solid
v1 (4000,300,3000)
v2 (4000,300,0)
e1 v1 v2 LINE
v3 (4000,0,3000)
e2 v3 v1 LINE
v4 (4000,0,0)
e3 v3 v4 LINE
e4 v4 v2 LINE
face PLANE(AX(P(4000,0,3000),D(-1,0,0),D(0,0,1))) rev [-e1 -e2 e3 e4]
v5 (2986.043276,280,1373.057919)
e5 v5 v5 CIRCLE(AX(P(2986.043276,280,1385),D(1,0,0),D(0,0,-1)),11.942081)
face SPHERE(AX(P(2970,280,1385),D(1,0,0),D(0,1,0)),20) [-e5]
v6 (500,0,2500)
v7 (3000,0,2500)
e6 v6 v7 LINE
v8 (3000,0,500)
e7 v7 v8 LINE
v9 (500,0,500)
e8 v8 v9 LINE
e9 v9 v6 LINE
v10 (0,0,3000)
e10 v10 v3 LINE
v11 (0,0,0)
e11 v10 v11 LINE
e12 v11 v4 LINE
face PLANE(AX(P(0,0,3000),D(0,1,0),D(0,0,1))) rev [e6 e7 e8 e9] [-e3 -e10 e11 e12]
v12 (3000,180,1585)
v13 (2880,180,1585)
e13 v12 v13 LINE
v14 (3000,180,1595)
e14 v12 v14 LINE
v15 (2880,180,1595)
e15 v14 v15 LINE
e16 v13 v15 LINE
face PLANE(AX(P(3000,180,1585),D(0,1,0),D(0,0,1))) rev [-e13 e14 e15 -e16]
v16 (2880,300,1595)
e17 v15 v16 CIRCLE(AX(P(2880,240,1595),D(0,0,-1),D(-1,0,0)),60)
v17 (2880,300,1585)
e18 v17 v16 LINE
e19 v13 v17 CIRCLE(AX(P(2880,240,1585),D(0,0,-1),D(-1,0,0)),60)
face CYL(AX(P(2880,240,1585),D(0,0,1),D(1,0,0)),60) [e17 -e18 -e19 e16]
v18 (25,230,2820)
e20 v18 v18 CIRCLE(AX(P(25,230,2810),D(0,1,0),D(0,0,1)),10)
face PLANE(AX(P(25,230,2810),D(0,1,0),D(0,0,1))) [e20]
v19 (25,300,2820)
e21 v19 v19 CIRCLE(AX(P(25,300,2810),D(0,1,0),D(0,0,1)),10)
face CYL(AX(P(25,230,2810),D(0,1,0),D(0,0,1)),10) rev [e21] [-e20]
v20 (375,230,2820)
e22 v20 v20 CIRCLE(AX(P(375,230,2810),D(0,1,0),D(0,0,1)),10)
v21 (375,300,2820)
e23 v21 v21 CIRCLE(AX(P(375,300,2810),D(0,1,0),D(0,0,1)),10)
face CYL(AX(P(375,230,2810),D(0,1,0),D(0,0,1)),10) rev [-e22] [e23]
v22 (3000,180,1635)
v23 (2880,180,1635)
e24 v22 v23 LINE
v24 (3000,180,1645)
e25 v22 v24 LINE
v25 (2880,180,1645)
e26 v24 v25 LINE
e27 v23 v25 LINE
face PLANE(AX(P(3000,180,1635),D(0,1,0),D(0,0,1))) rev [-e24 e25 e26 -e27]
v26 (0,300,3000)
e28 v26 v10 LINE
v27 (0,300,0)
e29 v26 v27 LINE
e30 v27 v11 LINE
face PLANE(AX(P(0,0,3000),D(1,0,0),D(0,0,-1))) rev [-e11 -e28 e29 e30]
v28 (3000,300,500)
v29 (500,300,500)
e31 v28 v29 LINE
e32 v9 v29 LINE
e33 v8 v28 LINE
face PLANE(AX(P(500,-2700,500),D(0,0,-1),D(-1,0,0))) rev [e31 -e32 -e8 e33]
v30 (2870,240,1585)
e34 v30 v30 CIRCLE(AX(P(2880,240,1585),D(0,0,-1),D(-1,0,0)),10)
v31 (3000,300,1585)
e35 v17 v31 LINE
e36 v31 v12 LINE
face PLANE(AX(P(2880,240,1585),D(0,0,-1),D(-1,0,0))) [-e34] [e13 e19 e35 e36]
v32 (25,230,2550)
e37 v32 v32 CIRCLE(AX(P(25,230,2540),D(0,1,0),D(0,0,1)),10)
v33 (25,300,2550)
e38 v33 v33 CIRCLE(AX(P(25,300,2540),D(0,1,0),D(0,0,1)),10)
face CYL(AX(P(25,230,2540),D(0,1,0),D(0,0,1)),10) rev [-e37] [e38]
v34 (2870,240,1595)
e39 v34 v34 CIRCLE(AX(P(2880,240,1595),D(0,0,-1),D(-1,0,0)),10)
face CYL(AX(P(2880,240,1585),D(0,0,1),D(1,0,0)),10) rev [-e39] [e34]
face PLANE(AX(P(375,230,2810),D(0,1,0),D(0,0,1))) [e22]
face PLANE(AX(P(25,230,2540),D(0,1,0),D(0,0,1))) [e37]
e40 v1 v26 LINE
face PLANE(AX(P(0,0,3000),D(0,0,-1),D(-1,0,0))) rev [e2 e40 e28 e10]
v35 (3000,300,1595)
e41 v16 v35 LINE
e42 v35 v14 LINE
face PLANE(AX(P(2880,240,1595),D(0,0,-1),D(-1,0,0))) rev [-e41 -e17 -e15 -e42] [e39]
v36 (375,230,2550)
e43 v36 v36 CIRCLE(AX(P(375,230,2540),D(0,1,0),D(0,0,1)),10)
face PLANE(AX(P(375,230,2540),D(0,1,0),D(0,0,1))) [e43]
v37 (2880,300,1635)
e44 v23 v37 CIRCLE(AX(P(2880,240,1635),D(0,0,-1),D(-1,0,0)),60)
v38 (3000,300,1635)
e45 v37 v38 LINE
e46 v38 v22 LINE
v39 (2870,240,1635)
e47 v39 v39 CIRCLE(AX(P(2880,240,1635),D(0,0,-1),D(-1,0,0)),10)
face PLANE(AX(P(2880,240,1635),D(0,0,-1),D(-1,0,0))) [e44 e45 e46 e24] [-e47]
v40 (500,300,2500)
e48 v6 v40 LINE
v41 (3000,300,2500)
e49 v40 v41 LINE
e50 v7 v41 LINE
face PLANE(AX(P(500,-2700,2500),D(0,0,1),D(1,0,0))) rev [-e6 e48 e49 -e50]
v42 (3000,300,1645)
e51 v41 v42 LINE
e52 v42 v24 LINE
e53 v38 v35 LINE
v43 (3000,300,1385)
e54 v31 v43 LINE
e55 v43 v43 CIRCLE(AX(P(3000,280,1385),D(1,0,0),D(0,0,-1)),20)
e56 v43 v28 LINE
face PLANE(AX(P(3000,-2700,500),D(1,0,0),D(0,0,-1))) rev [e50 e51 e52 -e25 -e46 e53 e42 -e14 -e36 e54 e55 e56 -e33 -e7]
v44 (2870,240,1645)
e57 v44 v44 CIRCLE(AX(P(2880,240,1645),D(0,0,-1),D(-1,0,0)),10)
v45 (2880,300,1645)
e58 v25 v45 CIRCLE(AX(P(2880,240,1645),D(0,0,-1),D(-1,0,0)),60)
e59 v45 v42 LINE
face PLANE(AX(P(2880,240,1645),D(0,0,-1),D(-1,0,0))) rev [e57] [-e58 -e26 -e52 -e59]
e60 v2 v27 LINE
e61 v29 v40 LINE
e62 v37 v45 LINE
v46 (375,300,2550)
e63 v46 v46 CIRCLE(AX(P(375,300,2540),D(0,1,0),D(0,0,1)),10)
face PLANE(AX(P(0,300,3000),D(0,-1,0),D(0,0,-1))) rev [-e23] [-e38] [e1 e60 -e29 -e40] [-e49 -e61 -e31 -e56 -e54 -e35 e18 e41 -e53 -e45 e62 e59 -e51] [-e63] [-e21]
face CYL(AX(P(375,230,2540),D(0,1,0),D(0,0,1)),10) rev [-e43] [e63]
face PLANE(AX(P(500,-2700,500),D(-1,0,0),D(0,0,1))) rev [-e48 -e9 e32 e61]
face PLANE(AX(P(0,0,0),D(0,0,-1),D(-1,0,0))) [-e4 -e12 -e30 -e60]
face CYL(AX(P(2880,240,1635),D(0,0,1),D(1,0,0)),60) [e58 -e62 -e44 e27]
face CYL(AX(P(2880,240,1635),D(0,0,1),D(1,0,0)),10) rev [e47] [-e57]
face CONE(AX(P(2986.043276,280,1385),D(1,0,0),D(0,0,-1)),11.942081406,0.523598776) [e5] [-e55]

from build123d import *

# Parameters (mm, degrees)
SKETCH1_W           = 4000
SKETCH1_H           = 300
BOSS_EXTRUDE1_DEPTH = 3000
SKETCH3_W           = 2500
SKETCH3_H           = 2000
CUT_EXTRUDE1_DEPTH  = 3000
SKETCH6_R           = 10
BOSS_EXTRUDE2_DEPTH = 10
SKETCH7_R           = 10
BOSS_EXTRUDE3_DEPTH = 10
SKETCH9_R           = 10
CUT_EXTRUDE2_DEPTH  = 70


with BuildPart() as part:
    # Sketch1 → Boss-Extrude1 (new body)
    with BuildSketch(Plane.XY):
        with Locations((2000, 150)):
            Rectangle(SKETCH1_W, SKETCH1_H)
    extrude(amount=BOSS_EXTRUDE1_DEPTH)

    # Sketch3 → Cut-Extrude1 (cut)
    with BuildSketch(Plane(origin=(0, 300, 0), x_dir=(1, 0, 0), z_dir=(0, 1, 0))):
        with Locations((1750, -1500)):
            Rectangle(SKETCH3_W, SKETCH3_H)
    extrude(amount=-CUT_EXTRUDE1_DEPTH, mode=Mode.SUBTRACT)

    # Sketch6 → Boss-Extrude2 (add)
    with BuildSketch(Plane(origin=(0, 0, 1645), x_dir=(-1, 0, 0), z_dir=(0, 0, -1))):
        with BuildLine():
            Line((-3000, 300), (-3000, 180))
            Line((-3000, 180), (-2880, 180))
            ThreePointArc((-2880, 180), (-2820, 240), (-2880, 300))
            Line((-2880, 300), (-3000, 300))
        make_face()
        with Locations((-2880, 240)):
            Circle(SKETCH6_R, mode=Mode.SUBTRACT)
    extrude(amount=BOSS_EXTRUDE2_DEPTH)

    # Sketch7 → Boss-Extrude3 (add)
    with BuildSketch(Plane(origin=(0, 0, 1595), x_dir=(-1, 0, 0), z_dir=(0, 0, -1))):
        with BuildLine():
            Line((-3000, 300), (-3000, 180))
            Line((-3000, 180), (-2880, 180))
            ThreePointArc((-2880, 180), (-2820, 240), (-2880, 300))
            Line((-2880, 300), (-3000, 300))
        make_face()
        with Locations((-2880, 240)):
            Circle(SKETCH7_R, mode=Mode.SUBTRACT)
    extrude(amount=BOSS_EXTRUDE3_DEPTH)

    # Sketch8 → Revolve1 (revolve)
    with BuildSketch(Plane(origin=(0, 0, 1385), x_dir=(-1, 0, 0), z_dir=(0, 0, -1)), mode=Mode.PRIVATE) as revolve1_sk:
        with BuildLine():
            Line((-3000, 300), (-3000, 280))
            Line((-3000, 280), (-2950, 280))
            ThreePointArc((-2950, 280), (-2963.709750078, 298.985066655), (-2986.043275591, 291.942081406))
            Line((-2986.043275591, 291.942081406), (-3000, 300))
        make_face()
    revolve(revolve1_sk.sketch.rotate(Axis((3000, 280, 1385), (-1, 0, 0)), 90), axis=Axis((3000, 280, 1385), (-1, 0, 0)))

    # Sketch9 → Cut-Extrude2 (cut)
    with BuildSketch(Plane(origin=(0, 300, 0), x_dir=(1, 0, 0), z_dir=(0, 1, 0))):
        with Locations(Location((25, -2540, 0), (0, 0, 270))):
            Circle(SKETCH9_R)
        with Locations(Location((375, -2540, 0), (0, 0, 270))):
            Circle(SKETCH9_R)
        with Locations(Location((25, -2810, 0), (0, 0, 270))):
            Circle(SKETCH9_R)
        with Locations(Location((375, -2810, 0), (0, 0, 270))):
            Circle(SKETCH9_R)
    extrude(amount=-CUT_EXTRUDE2_DEPTH, mode=Mode.SUBTRACT)


solid = part.part
